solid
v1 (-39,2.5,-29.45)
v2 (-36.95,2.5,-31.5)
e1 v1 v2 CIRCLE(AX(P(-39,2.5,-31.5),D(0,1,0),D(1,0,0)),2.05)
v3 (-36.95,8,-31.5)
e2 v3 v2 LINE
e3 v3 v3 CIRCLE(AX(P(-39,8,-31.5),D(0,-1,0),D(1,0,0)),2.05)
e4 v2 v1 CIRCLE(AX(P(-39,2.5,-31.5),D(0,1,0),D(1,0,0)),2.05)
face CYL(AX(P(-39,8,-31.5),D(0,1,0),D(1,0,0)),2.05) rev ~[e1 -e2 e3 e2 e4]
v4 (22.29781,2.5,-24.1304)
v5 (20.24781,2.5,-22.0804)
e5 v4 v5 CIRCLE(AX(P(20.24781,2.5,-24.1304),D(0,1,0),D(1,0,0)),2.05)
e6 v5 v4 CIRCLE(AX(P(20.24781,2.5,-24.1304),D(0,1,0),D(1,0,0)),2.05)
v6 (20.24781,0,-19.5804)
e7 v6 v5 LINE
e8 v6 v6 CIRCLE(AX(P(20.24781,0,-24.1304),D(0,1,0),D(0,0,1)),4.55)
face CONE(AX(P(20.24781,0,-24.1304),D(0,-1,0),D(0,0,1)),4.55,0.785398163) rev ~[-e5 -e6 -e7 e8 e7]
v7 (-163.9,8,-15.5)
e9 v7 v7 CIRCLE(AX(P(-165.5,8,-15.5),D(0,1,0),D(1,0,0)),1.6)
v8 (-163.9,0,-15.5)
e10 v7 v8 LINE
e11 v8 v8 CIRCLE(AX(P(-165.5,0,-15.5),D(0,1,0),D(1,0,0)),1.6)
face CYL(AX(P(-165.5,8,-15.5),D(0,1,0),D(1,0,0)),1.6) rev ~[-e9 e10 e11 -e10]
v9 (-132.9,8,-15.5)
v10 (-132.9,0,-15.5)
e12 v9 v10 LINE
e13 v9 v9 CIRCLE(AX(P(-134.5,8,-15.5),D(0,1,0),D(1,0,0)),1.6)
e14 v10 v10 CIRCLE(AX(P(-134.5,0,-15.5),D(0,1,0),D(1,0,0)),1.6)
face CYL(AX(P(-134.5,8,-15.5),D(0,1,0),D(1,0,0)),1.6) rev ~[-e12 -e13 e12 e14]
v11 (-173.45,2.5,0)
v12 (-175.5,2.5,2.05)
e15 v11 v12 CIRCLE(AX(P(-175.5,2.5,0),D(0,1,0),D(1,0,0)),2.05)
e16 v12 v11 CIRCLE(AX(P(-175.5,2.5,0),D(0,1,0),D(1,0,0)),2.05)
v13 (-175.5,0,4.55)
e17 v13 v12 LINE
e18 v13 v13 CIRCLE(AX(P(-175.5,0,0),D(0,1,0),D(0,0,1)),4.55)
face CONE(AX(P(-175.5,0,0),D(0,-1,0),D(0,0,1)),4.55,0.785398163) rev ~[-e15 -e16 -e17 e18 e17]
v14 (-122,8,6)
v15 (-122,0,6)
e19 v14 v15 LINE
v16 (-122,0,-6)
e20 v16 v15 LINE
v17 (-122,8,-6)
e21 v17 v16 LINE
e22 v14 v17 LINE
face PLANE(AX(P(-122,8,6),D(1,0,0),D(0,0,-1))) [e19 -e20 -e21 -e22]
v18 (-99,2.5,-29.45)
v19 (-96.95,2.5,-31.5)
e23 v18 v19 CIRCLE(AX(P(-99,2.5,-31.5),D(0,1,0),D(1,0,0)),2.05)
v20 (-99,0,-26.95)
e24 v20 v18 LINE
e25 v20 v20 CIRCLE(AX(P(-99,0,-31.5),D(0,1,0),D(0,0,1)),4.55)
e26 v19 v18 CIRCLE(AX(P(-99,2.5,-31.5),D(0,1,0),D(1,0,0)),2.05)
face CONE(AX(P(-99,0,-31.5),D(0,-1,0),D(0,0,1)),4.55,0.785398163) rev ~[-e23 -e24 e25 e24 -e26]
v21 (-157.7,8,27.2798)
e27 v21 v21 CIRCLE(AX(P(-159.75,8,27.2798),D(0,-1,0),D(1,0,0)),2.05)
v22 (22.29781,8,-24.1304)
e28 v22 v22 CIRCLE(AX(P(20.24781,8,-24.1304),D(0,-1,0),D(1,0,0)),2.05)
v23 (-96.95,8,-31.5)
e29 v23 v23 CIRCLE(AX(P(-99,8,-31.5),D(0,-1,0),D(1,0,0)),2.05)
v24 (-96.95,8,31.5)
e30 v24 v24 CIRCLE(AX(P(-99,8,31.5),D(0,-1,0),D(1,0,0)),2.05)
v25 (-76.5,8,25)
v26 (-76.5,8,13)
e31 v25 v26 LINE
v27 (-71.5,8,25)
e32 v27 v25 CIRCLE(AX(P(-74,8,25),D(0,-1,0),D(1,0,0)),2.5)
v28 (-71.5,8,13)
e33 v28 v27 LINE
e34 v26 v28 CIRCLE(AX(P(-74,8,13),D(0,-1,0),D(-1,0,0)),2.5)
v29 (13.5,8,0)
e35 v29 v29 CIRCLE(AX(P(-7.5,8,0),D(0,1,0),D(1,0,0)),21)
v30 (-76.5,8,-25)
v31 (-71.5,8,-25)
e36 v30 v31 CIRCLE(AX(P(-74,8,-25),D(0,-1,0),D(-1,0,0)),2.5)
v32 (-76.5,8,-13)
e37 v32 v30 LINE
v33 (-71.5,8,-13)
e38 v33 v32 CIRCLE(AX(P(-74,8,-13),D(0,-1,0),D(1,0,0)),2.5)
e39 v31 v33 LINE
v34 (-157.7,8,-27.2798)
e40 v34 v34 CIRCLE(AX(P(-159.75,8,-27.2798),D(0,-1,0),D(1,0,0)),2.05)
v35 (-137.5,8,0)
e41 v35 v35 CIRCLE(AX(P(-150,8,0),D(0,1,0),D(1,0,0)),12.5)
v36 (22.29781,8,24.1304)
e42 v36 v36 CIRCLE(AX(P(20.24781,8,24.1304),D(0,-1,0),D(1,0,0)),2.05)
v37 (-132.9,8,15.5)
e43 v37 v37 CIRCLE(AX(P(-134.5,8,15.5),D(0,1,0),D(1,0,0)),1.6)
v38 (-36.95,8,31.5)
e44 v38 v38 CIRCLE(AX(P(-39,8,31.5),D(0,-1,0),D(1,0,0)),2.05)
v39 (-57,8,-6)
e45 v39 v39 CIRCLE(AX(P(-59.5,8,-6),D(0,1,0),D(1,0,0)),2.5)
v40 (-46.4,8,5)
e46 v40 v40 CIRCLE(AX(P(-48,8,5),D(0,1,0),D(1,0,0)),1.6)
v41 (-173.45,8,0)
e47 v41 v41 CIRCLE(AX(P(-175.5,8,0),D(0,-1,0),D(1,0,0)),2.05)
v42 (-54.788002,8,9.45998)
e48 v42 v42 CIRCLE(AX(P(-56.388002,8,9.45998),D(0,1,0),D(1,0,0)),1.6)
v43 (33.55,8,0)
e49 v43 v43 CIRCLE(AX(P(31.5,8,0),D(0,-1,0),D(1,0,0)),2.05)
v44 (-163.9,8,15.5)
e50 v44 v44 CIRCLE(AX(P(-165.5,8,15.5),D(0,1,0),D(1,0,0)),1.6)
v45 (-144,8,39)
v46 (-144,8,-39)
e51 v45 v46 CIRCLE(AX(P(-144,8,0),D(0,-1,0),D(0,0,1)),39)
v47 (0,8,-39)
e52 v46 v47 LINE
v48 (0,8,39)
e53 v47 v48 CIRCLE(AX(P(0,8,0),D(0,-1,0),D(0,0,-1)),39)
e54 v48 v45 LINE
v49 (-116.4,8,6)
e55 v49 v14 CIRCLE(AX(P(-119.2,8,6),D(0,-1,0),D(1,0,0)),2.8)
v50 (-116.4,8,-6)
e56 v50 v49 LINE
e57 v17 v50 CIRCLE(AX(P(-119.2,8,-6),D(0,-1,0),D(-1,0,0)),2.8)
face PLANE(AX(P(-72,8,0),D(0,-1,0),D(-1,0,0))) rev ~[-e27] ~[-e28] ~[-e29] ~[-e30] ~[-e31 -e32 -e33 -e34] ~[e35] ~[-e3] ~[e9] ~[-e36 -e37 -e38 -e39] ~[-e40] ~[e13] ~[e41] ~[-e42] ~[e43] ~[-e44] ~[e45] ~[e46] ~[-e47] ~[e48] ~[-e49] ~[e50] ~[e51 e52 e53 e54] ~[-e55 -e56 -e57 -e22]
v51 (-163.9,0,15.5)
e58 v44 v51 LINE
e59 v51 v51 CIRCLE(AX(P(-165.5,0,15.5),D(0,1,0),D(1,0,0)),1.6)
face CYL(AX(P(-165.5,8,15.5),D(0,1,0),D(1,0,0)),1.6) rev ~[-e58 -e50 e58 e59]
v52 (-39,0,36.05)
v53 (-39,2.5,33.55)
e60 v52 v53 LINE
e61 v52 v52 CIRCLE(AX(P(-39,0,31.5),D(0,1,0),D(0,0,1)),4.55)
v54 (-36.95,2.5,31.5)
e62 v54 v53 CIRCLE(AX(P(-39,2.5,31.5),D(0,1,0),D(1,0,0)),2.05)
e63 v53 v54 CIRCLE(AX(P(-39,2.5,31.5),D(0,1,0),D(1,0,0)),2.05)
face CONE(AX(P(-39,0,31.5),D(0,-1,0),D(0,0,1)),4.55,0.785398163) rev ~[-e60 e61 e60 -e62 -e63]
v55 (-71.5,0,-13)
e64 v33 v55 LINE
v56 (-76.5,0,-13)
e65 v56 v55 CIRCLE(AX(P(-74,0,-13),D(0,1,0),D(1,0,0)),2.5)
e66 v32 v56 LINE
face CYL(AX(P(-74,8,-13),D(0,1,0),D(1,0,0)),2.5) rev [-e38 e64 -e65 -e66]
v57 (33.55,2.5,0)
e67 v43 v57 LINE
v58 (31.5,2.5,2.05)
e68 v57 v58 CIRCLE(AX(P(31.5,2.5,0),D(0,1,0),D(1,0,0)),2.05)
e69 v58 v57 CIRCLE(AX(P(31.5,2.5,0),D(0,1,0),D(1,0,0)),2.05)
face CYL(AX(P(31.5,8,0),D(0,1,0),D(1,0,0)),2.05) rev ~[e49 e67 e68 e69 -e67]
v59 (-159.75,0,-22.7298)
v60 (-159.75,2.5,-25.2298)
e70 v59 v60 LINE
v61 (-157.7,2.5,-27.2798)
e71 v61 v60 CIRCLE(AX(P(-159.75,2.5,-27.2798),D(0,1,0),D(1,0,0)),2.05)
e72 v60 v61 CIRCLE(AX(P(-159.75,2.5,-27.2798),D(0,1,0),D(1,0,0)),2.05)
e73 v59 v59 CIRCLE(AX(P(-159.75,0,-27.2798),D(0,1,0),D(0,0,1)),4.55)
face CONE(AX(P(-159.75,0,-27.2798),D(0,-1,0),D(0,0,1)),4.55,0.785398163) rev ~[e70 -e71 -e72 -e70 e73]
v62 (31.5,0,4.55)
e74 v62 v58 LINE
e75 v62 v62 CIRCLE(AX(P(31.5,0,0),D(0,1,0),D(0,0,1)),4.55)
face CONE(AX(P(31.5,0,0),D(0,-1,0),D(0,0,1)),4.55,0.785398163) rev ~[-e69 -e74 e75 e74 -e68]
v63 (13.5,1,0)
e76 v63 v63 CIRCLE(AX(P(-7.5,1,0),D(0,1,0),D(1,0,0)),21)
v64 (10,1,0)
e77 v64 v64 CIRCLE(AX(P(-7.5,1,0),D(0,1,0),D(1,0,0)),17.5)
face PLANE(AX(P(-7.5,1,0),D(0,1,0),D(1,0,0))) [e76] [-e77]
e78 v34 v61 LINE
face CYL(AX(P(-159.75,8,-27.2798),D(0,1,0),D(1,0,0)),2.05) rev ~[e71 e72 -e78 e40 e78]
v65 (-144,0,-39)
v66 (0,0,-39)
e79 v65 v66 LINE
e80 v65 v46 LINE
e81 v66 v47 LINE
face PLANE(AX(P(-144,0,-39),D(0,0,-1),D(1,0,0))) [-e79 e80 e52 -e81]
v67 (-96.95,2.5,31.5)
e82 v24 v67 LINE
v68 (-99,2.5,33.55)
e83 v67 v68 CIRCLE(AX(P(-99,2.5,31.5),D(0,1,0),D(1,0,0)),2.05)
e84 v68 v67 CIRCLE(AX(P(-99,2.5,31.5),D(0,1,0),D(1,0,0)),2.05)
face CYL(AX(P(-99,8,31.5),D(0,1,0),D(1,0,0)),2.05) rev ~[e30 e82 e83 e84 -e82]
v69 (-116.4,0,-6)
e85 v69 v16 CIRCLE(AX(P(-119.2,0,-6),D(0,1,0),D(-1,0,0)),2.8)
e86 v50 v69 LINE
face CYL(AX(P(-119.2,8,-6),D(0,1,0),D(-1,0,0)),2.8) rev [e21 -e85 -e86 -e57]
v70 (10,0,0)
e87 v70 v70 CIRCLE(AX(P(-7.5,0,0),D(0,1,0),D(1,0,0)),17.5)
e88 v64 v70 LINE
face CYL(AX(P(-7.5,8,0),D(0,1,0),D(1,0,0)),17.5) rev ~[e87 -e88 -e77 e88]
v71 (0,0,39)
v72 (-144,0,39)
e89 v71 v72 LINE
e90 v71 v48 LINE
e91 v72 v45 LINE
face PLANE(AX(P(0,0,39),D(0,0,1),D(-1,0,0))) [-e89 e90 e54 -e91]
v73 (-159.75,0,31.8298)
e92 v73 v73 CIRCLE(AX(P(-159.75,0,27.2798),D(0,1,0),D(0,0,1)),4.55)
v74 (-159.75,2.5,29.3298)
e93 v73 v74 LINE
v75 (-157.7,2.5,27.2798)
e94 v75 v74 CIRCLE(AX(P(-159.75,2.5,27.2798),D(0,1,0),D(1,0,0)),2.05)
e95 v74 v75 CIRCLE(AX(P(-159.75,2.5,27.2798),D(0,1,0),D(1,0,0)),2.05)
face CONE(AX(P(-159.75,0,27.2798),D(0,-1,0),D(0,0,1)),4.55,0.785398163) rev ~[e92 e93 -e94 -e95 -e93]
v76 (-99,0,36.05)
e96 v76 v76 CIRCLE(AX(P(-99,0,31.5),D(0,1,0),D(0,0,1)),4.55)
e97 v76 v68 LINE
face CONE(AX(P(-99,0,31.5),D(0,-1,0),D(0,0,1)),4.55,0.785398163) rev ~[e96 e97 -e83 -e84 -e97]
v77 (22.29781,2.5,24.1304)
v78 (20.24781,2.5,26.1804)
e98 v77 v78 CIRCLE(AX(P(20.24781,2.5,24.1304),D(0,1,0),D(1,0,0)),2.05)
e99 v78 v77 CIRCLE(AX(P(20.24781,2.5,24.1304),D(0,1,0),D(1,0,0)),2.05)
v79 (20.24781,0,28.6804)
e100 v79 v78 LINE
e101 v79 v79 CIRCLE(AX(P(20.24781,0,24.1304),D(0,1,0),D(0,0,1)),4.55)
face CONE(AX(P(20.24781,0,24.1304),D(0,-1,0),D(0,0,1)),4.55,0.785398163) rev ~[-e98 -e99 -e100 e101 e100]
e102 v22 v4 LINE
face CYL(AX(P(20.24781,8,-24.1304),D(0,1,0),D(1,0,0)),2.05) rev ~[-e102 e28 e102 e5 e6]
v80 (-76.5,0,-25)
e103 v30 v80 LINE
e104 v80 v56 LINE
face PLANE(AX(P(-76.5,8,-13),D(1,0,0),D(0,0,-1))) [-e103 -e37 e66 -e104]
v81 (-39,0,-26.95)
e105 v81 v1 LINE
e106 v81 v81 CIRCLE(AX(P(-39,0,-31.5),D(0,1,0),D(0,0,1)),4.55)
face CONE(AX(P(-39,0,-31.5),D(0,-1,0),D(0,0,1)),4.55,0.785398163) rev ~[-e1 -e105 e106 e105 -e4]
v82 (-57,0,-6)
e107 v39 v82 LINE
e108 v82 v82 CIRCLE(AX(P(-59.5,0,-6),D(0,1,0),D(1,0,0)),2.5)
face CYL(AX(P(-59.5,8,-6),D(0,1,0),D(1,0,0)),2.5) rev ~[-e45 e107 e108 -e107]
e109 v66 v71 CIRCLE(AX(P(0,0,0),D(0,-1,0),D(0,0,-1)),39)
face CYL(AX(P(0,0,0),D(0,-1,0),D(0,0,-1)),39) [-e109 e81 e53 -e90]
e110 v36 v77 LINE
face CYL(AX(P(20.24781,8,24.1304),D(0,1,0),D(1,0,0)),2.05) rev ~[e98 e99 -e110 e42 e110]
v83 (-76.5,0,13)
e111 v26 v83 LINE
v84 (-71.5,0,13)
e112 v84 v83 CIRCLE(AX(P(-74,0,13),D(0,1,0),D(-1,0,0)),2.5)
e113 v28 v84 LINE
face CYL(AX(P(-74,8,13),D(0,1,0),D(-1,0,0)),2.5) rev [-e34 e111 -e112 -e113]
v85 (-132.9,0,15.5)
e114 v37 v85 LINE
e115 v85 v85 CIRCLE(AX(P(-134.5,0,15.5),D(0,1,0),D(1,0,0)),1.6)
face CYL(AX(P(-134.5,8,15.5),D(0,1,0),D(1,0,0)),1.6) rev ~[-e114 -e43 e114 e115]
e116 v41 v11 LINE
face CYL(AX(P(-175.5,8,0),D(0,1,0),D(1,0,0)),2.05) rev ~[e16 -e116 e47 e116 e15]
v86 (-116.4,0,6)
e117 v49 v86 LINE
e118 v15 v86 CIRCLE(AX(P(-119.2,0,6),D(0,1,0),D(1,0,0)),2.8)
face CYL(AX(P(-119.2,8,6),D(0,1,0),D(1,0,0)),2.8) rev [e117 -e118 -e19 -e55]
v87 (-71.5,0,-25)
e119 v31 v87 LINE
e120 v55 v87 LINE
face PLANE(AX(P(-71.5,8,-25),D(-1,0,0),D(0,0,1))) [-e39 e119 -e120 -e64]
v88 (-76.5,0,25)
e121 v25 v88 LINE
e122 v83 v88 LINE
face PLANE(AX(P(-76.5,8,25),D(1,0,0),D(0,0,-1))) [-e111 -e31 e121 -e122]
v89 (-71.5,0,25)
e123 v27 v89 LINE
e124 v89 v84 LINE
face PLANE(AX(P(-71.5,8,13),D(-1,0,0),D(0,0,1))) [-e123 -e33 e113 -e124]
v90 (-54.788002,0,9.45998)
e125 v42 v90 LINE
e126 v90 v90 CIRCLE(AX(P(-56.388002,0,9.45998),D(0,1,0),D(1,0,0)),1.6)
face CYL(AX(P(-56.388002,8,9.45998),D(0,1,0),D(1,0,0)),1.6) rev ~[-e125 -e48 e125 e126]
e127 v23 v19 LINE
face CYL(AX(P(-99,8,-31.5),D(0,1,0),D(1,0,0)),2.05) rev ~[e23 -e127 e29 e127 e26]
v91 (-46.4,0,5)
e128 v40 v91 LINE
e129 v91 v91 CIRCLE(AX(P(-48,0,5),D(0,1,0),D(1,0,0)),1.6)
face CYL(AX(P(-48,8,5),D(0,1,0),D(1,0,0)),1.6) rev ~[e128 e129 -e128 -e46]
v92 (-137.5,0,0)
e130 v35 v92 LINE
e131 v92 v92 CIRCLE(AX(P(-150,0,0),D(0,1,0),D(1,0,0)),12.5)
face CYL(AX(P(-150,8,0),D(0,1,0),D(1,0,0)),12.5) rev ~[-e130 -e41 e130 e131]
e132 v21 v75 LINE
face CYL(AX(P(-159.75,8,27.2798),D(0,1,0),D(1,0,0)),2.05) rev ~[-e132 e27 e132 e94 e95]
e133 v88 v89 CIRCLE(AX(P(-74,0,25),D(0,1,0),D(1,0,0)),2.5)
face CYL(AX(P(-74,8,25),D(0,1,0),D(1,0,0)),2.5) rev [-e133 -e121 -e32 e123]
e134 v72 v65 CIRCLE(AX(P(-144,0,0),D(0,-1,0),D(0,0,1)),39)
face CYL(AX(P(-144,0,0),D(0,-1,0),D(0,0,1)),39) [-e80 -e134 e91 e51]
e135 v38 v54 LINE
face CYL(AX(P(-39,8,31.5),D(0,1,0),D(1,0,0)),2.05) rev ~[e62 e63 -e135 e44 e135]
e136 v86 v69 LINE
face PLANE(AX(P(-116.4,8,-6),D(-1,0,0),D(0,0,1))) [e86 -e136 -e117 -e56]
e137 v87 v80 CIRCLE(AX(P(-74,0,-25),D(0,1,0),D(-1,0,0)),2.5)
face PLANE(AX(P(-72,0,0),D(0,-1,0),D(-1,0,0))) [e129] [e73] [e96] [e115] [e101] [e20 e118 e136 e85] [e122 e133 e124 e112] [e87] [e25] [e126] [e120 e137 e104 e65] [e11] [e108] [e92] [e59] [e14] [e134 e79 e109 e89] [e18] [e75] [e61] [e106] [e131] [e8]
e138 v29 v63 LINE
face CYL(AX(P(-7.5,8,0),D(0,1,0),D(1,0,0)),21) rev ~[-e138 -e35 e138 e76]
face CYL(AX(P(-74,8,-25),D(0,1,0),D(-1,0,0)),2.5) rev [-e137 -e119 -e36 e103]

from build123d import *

# Parameters (mm, degrees)
BOSS_EXTRUDE1_DEPTH                                 = 8
SKETCH2_R                                           = 17.5
SKETCH2_R_2                                         = 12.5
CUT_EXTRUDE1_DEPTH                                  = 9
SKETCH3_R                                           = 1.6
CUT_EXTRUDE2_DEPTH                                  = 9
SKETCH4_R                                           = 2.05
CUT_EXTRUDE3_DEPTH                                  = 9
CUT_EXTRUDE4_DEPTH                                  = 9
SKETCH6_R                                           = 1.6
SKETCH6_R_2                                         = 2.5
CUT_EXTRUDE5_DEPTH                                  = 9
SKETCH7_R                                           = 21
CUT_EXTRUDE6_DEPTH                                  = 7
CSK_FOR_M4_COUNTERSUNK_FLAT_HEAD_SCREW1_D           = 4.1
CSK_FOR_M4_COUNTERSUNK_FLAT_HEAD_SCREW1_CSINK_D     = 9.1
CSK_FOR_M4_COUNTERSUNK_FLAT_HEAD_SCREW1_CSINK_ANGLE = 90
CUT_EXTRUDE7_DEPTH                                  = 9


with BuildPart() as part:
    # Sketch1 → Boss-Extrude1 (new body)
    with BuildSketch(Plane(origin=(0, 0, 0), x_dir=(1, 0, 0), z_dir=(0, 1, 0))):
        with BuildLine():
            Line((-144, 39), (0, 39))
            ThreePointArc((0, 39), (39, 0), (0, -39))
            Line((0, -39), (-144, -39))
            ThreePointArc((-144, -39), (-183, 0), (-144, 39))
        make_face()
    extrude(amount=BOSS_EXTRUDE1_DEPTH)

    # Sketch2 → Cut-Extrude1 (cut, through all)
    with BuildSketch(Plane(origin=(0, 8, 0), x_dir=(1, 0, 0), z_dir=(0, 1, 0))):
        with Locations((-7.5, 0)):
            Circle(SKETCH2_R)
        with Locations((-150, 0)):
            Circle(SKETCH2_R_2)
    extrude(amount=-CUT_EXTRUDE1_DEPTH, mode=Mode.SUBTRACT)

    # Sketch3 → Cut-Extrude2 (cut, through all)
    with BuildSketch(Plane(origin=(0, 8, 0), x_dir=(1, 0, 0), z_dir=(0, 1, 0))):
        with Locations((-165.5, 15.5)):
            Circle(SKETCH3_R)
        with Locations((-134.5, 15.5)):
            Circle(SKETCH3_R)
        with Locations((-134.5, -15.5)):
            Circle(SKETCH3_R)
        with Locations((-165.5, -15.5)):
            Circle(SKETCH3_R)
    extrude(amount=-CUT_EXTRUDE2_DEPTH, mode=Mode.SUBTRACT)

    # Sketch4 → Cut-Extrude3 (cut, through all)
    with BuildSketch(Plane(origin=(0, 8, 0), x_dir=(1, 0, 0), z_dir=(0, 1, 0))):
        with Locations((-159.75, 27.279800219)):
            Circle(SKETCH4_R)
        with Locations((-175.5, 0)):
            Circle(SKETCH4_R)
        with Locations((-159.75, -27.279800219)):
            Circle(SKETCH4_R)
        with Locations((20.247809705, 24.130399958)):
            Circle(SKETCH4_R)
        with Locations((31.5, 0)):
            Circle(SKETCH4_R)
        with Locations((20.247809705, -24.130399958)):
            Circle(SKETCH4_R)
        with Locations((-99, 31.5)):
            Circle(SKETCH4_R)
        with Locations((-39, 31.5)):
            Circle(SKETCH4_R)
        with Locations((-39, -31.5)):
            Circle(SKETCH4_R)
        with Locations((-99, -31.5)):
            Circle(SKETCH4_R)
    extrude(amount=-CUT_EXTRUDE3_DEPTH, mode=Mode.SUBTRACT)

    # Sketch5 → Cut-Extrude4 (cut, through all)
    with BuildSketch(Plane(origin=(0, 8, 0), x_dir=(1, 0, 0), z_dir=(0, 1, 0))):
        with BuildLine():
            Line((-76.5, -25), (-76.5, -13))
            ThreePointArc((-76.5, -13), (-74, -10.5), (-71.5, -13))
            Line((-71.5, -13), (-71.5, -25))
            ThreePointArc((-71.5, -25), (-74, -27.5), (-76.5, -25))
        make_face()
        with BuildLine():
            Line((-71.5, 25), (-71.5, 13))
            ThreePointArc((-71.5, 13), (-74, 10.5), (-76.5, 13))
            Line((-76.5, 13), (-76.5, 25))
            ThreePointArc((-76.5, 25), (-74, 27.5), (-71.5, 25))
        make_face()
    extrude(amount=-CUT_EXTRUDE4_DEPTH, mode=Mode.SUBTRACT)

    # Sketch6 → Cut-Extrude5 (cut, through all)
    with BuildSketch(Plane(origin=(0, 8, 0), x_dir=(1, 0, 0), z_dir=(0, 1, 0))):
        with Locations((-48, -5)):
            Circle(SKETCH6_R)
        with Locations((-56.388002132, -9.459979846)):
            Circle(SKETCH6_R)
        with Locations((-59.5, 6)):
            Circle(SKETCH6_R_2)
    extrude(amount=-CUT_EXTRUDE5_DEPTH, mode=Mode.SUBTRACT)

    # Sketch7 → Cut-Extrude6 (cut)
    with BuildSketch(Plane(origin=(0, 8, 0), x_dir=(1, 0, 0), z_dir=(0, 1, 0))):
        with Locations((-7.5, 0)):
            Circle(SKETCH7_R)
    extrude(amount=-CUT_EXTRUDE6_DEPTH, mode=Mode.SUBTRACT)

    # CSK for M4 Countersunk Flat Head Screw1 (through all)
    with Locations(Plane(origin=(-159.75, 0, 27.279800219), x_dir=(0, 0, -1), z_dir=(0, -1, 0))):
        with Locations((0, 0), (27.279800219, -15.75), (54.559600438, 0), (-4.220199781, 60.75), (58.779800219, 60.75), (-4.220199781, 120.75), (58.779800219, 120.75), (3.149400261, 179.997809705), (27.279800219, 191.25), (51.410200177, 179.997809705)):
            CounterSinkHole(CSK_FOR_M4_COUNTERSUNK_FLAT_HEAD_SCREW1_D / 2, CSK_FOR_M4_COUNTERSUNK_FLAT_HEAD_SCREW1_CSINK_D / 2, counter_sink_angle=CSK_FOR_M4_COUNTERSUNK_FLAT_HEAD_SCREW1_CSINK_ANGLE)

    # Sketch9 → Cut-Extrude7 (cut, through all)
    with BuildSketch(Plane(origin=(0, 8, 0), x_dir=(1, 0, 0), z_dir=(0, 1, 0))):
        with BuildLine():
            Line((-122, -6), (-122, 6))
            ThreePointArc((-122, 6), (-119.2, 8.8), (-116.4, 6))
            Line((-116.4, 6), (-116.4, -6))
            ThreePointArc((-116.4, -6), (-119.2, -8.8), (-122, -6))
        make_face()
    extrude(amount=-CUT_EXTRUDE7_DEPTH, mode=Mode.SUBTRACT)


solid = part.part
